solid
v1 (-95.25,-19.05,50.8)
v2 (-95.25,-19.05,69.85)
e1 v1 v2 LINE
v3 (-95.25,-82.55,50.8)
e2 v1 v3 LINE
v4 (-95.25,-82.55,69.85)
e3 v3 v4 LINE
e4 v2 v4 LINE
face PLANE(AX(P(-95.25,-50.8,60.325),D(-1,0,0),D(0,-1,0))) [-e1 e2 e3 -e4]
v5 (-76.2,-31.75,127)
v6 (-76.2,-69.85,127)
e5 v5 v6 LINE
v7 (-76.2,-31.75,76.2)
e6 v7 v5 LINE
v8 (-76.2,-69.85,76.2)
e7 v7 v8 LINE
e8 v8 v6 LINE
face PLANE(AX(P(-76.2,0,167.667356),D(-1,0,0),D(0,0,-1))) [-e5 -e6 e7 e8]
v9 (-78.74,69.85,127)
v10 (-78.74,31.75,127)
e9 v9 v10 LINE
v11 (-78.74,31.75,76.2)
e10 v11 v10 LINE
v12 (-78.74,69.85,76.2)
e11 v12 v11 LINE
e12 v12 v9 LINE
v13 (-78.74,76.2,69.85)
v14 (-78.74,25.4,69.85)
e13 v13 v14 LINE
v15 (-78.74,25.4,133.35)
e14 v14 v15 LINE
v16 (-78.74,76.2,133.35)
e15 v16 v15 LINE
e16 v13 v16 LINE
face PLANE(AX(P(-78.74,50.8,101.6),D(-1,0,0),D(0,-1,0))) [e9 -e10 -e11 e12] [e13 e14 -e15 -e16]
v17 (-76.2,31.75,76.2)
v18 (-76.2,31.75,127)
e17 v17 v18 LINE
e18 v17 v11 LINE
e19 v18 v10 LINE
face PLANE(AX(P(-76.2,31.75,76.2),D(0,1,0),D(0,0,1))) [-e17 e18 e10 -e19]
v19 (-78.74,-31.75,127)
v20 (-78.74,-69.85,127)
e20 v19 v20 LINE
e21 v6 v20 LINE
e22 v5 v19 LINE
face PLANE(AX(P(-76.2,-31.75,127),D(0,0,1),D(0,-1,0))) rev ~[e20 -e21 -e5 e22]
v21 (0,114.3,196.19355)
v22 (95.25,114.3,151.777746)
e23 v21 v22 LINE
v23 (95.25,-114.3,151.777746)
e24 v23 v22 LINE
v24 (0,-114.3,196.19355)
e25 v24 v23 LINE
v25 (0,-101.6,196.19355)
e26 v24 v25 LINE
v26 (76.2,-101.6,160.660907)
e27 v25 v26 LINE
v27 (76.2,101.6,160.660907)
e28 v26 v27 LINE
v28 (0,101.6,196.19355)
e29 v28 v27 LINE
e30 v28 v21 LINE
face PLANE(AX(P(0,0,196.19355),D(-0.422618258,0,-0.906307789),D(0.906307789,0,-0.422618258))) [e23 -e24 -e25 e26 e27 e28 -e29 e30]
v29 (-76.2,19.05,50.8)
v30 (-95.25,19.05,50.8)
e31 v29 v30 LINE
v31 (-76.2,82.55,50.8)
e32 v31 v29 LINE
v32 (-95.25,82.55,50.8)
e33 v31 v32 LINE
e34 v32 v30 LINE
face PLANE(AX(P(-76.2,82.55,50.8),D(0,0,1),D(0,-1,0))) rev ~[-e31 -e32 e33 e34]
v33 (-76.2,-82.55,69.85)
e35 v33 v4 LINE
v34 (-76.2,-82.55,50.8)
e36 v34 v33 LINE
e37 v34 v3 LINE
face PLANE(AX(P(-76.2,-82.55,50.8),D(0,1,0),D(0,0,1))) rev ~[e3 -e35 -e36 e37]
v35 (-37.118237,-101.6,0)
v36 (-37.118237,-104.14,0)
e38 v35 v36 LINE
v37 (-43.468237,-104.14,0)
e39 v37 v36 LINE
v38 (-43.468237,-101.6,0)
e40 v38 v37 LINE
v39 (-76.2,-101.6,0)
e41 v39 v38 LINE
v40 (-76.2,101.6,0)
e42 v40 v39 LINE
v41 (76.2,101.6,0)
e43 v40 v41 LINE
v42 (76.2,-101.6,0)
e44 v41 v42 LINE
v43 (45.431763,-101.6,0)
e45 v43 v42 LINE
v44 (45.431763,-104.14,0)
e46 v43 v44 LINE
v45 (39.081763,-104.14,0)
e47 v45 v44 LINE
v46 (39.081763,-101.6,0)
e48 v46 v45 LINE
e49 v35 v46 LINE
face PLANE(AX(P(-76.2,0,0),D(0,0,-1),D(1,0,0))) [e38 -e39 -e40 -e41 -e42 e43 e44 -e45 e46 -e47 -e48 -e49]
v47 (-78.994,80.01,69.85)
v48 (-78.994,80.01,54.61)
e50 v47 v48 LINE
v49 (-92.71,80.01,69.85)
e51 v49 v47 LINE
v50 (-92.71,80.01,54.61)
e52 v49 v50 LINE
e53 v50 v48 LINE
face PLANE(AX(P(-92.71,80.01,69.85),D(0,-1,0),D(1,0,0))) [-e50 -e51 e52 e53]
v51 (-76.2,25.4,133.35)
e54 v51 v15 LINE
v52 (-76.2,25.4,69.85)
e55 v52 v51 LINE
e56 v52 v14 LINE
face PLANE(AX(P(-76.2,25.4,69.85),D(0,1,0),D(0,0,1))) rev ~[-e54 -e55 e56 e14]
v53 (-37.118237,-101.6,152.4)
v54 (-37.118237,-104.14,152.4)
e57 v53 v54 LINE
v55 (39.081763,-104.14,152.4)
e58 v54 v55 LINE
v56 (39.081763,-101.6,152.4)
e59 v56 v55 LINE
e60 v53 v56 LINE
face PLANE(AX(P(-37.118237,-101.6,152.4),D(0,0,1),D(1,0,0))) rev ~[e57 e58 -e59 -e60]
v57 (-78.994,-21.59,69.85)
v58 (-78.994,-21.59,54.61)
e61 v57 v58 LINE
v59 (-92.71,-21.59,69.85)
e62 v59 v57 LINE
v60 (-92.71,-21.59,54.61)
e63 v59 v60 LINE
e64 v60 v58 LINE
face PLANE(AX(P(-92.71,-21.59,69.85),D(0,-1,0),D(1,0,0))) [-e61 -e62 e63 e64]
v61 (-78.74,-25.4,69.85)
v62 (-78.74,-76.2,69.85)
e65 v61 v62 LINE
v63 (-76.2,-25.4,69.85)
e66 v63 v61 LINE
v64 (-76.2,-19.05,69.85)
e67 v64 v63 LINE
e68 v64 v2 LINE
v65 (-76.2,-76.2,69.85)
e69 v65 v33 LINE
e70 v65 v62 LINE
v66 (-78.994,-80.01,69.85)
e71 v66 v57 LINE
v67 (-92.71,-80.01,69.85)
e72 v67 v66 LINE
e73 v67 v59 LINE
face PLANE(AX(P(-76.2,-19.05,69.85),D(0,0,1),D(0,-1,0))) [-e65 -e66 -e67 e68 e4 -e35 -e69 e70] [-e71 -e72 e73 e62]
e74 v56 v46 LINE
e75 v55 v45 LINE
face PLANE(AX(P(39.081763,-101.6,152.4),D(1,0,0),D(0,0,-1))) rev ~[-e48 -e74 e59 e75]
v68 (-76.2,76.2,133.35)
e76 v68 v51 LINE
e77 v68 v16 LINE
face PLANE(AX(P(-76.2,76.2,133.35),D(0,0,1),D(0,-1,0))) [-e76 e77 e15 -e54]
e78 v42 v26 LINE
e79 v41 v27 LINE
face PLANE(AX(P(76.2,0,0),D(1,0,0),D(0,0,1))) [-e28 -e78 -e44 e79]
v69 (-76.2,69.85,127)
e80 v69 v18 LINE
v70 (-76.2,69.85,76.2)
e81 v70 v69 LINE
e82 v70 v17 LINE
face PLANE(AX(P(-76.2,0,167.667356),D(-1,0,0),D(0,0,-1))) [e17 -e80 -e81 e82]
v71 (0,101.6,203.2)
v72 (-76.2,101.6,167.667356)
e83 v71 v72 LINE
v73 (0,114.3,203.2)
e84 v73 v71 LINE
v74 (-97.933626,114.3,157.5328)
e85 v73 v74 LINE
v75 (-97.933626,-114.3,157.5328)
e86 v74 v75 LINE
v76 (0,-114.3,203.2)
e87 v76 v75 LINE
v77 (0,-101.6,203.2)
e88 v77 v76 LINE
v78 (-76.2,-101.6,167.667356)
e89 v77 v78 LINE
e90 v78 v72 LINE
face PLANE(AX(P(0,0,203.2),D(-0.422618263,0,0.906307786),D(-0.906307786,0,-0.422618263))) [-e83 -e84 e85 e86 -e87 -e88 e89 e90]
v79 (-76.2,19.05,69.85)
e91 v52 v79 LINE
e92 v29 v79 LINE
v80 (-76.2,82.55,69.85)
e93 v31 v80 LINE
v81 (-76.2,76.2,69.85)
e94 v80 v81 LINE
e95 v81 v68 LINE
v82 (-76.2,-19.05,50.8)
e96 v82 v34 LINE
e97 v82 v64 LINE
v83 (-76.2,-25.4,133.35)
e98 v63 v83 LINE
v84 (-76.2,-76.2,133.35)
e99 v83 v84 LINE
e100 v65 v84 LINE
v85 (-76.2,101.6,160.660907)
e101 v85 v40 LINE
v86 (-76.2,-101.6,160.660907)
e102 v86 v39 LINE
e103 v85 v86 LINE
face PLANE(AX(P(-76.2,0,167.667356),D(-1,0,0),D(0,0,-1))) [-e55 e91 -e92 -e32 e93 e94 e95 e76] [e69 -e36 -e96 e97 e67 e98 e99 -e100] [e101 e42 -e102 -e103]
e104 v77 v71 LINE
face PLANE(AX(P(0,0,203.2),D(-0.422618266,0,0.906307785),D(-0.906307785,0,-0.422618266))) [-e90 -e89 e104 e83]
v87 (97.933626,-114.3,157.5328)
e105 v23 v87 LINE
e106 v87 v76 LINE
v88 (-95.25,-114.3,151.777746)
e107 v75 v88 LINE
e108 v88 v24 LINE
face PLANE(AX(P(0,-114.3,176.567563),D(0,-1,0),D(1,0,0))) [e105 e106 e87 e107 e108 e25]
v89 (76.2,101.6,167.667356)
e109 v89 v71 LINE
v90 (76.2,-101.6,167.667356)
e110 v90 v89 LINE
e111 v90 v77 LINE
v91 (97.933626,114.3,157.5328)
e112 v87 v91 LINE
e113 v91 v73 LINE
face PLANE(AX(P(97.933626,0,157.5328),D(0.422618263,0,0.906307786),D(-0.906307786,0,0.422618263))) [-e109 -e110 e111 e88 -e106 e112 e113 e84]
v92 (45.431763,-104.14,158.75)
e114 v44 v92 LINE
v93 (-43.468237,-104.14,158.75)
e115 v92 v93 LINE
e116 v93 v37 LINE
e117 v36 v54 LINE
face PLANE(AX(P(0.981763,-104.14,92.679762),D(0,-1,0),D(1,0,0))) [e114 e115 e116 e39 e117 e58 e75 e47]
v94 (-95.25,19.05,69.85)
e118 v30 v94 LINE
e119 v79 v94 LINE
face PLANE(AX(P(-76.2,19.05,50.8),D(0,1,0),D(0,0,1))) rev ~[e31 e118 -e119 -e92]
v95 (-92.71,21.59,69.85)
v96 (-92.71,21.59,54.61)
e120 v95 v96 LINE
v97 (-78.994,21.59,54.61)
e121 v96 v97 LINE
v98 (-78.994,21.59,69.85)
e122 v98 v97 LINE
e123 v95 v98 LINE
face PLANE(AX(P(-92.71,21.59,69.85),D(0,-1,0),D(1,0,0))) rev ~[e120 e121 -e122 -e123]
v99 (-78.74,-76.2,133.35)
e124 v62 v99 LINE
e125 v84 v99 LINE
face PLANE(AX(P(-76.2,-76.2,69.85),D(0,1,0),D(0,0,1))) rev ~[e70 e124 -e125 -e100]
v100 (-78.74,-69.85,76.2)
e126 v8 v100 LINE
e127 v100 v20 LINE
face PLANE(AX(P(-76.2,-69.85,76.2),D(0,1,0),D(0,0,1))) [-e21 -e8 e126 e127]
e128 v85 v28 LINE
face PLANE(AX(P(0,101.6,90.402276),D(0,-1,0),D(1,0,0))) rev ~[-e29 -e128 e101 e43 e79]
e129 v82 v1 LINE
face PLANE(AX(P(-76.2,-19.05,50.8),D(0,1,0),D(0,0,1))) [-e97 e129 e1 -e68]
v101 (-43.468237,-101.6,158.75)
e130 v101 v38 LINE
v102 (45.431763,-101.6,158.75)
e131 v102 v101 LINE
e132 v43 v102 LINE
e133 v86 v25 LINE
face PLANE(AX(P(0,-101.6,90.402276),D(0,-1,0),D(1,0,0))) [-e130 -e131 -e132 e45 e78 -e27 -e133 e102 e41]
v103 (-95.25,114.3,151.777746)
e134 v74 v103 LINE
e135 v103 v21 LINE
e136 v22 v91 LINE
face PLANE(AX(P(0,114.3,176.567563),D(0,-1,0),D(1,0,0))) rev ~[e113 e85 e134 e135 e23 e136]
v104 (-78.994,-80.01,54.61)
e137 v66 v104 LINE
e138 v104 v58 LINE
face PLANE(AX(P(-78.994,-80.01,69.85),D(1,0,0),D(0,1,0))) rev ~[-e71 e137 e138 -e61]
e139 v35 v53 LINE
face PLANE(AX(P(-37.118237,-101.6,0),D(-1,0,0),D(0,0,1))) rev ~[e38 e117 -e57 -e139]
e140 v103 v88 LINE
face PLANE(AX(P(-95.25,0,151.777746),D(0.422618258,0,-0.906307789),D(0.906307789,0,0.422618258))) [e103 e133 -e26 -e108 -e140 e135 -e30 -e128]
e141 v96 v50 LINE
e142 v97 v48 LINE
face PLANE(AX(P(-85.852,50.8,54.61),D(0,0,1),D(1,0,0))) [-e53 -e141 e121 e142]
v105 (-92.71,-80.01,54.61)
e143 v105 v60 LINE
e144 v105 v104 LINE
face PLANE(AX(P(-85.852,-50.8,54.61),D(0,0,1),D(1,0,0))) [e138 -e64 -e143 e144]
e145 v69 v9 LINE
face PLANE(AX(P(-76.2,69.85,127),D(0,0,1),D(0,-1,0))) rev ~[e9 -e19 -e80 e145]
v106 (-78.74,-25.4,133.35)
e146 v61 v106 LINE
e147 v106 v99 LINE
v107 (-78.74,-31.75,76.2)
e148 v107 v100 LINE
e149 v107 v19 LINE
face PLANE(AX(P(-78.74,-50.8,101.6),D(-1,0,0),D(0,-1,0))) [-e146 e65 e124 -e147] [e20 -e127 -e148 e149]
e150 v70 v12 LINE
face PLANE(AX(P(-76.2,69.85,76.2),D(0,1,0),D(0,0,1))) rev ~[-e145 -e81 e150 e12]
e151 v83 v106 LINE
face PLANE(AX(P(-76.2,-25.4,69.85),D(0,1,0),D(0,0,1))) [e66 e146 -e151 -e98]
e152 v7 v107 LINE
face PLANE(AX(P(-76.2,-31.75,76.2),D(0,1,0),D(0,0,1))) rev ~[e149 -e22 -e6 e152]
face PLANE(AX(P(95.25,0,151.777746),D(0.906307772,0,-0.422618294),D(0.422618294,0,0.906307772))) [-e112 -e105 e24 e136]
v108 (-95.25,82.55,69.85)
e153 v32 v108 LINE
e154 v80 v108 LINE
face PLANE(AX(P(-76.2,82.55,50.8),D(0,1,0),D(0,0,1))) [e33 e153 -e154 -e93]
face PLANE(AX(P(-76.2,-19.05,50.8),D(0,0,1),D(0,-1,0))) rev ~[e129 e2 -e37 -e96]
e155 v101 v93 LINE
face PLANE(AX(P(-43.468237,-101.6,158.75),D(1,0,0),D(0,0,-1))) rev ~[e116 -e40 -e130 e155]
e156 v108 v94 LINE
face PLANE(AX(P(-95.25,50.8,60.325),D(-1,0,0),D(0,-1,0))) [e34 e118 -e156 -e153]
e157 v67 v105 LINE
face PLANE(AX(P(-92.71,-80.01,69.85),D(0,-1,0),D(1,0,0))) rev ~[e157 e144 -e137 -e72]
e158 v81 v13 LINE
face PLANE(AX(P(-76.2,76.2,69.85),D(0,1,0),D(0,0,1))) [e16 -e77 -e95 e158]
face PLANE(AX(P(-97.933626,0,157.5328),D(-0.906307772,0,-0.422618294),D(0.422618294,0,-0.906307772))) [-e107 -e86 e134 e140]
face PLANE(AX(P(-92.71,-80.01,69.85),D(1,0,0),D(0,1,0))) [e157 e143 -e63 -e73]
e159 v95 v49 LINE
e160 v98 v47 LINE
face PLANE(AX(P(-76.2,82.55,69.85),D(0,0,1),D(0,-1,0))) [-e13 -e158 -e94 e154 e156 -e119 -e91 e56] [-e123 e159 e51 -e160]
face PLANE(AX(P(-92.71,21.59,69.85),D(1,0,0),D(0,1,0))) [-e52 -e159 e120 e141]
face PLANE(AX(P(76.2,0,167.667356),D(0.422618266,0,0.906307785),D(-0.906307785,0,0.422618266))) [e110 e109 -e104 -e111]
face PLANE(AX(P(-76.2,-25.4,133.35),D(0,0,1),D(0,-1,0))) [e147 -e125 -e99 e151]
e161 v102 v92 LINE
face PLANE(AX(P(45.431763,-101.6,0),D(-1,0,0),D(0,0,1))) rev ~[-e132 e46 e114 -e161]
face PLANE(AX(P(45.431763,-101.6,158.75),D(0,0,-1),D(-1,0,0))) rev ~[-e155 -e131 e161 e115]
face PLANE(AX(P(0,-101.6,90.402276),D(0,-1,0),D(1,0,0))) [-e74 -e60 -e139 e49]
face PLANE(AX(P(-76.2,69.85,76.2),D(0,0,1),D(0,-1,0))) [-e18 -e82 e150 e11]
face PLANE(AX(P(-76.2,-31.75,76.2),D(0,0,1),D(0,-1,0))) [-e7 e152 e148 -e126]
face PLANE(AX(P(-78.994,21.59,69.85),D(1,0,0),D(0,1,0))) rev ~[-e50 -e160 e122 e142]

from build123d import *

# Parameters (mm, degrees)
F1_DEPTH  = 101.6
F3_DEPTH  = 2.54
F5_DEPTH  = 114.3
F6_W      = 50.8
F6_H      = 63.5
F6_W_2    = 38.1
F6_H_2    = 50.8
F7_DEPTH  = 2.54
F8_W      = 63.5
F8_H      = 19.05
F9_DEPTH  = 19.05
F10_W     = 13.716
F10_H     = 58.42
F11_DEPTH = 15.24


with BuildPart() as f1:
    # F0 (on Front) → F1 (new body, symmetric)
    with BuildSketch(Plane.XZ):
        Polygon((-76.2, 167.667356), (-76.2, 0), (76.2, 0), (76.2, 167.667356), (0, 203.2), align=None)
    extrude(amount=F1_DEPTH, both=True)

    # F2 (on face) → F3 (join)
    with BuildSketch(Plane.XZ.offset(101.6)):
        Polygon((-37.118237, 0), (-37.118237, 152.4), (39.081763, 152.4), (39.081763, 0), (45.431763, 0), (45.431763, 158.75), (-43.468237, 158.75), (-43.468237, 0), align=None)
    extrude(amount=F3_DEPTH)

    # F4 (on Front) → F5 (join, symmetric)
    with BuildSketch(Plane.XZ):
        Polygon((97.933626, 157.5328), (0, 203.2), (-97.933626, 157.5328), (-95.25, 151.777746), (0, 196.19355), (95.25, 151.777746), align=None)
    extrude(amount=F5_DEPTH, both=True)

    # F6 (on face) → F7 (join)
    with BuildSketch(Plane(origin=(-76.2, 0, 0), x_dir=(0, -1, 0), z_dir=(-1, 0, 0))):
        with Locations((-50.8, 101.6)):
            Rectangle(F6_W, F6_H)
        with Locations((-50.8, 101.6)):
            Rectangle(F6_W_2, F6_H_2, mode=Mode.SUBTRACT)
        with Locations((50.8, 101.6)):
            Rectangle(F6_W, F6_H)
        with Locations((50.8, 101.6)):
            Rectangle(F6_W_2, F6_H_2, mode=Mode.SUBTRACT)
    extrude(amount=F7_DEPTH)

    # F8 (on face) → F9 (join)
    with BuildSketch(Plane(origin=(-76.2, 0, 0), x_dir=(0, -1, 0), z_dir=(-1, 0, 0))):
        with Locations((-50.8, 60.325)):
            Rectangle(F8_W, F8_H)
        with Locations((50.8, 60.325)):
            Rectangle(F8_W, F8_H)
    extrude(amount=F9_DEPTH)

    # F10 (on face) → F11 (cut)
    with BuildSketch(Plane.XY.offset(69.85)):
        with Locations((-85.852, 50.8)):
            Rectangle(F10_W, F10_H)
        with Locations((-85.852, -50.8)):
            Rectangle(F10_W, F10_H)
    extrude(amount=-F11_DEPTH, mode=Mode.SUBTRACT)


solid = f1.part
